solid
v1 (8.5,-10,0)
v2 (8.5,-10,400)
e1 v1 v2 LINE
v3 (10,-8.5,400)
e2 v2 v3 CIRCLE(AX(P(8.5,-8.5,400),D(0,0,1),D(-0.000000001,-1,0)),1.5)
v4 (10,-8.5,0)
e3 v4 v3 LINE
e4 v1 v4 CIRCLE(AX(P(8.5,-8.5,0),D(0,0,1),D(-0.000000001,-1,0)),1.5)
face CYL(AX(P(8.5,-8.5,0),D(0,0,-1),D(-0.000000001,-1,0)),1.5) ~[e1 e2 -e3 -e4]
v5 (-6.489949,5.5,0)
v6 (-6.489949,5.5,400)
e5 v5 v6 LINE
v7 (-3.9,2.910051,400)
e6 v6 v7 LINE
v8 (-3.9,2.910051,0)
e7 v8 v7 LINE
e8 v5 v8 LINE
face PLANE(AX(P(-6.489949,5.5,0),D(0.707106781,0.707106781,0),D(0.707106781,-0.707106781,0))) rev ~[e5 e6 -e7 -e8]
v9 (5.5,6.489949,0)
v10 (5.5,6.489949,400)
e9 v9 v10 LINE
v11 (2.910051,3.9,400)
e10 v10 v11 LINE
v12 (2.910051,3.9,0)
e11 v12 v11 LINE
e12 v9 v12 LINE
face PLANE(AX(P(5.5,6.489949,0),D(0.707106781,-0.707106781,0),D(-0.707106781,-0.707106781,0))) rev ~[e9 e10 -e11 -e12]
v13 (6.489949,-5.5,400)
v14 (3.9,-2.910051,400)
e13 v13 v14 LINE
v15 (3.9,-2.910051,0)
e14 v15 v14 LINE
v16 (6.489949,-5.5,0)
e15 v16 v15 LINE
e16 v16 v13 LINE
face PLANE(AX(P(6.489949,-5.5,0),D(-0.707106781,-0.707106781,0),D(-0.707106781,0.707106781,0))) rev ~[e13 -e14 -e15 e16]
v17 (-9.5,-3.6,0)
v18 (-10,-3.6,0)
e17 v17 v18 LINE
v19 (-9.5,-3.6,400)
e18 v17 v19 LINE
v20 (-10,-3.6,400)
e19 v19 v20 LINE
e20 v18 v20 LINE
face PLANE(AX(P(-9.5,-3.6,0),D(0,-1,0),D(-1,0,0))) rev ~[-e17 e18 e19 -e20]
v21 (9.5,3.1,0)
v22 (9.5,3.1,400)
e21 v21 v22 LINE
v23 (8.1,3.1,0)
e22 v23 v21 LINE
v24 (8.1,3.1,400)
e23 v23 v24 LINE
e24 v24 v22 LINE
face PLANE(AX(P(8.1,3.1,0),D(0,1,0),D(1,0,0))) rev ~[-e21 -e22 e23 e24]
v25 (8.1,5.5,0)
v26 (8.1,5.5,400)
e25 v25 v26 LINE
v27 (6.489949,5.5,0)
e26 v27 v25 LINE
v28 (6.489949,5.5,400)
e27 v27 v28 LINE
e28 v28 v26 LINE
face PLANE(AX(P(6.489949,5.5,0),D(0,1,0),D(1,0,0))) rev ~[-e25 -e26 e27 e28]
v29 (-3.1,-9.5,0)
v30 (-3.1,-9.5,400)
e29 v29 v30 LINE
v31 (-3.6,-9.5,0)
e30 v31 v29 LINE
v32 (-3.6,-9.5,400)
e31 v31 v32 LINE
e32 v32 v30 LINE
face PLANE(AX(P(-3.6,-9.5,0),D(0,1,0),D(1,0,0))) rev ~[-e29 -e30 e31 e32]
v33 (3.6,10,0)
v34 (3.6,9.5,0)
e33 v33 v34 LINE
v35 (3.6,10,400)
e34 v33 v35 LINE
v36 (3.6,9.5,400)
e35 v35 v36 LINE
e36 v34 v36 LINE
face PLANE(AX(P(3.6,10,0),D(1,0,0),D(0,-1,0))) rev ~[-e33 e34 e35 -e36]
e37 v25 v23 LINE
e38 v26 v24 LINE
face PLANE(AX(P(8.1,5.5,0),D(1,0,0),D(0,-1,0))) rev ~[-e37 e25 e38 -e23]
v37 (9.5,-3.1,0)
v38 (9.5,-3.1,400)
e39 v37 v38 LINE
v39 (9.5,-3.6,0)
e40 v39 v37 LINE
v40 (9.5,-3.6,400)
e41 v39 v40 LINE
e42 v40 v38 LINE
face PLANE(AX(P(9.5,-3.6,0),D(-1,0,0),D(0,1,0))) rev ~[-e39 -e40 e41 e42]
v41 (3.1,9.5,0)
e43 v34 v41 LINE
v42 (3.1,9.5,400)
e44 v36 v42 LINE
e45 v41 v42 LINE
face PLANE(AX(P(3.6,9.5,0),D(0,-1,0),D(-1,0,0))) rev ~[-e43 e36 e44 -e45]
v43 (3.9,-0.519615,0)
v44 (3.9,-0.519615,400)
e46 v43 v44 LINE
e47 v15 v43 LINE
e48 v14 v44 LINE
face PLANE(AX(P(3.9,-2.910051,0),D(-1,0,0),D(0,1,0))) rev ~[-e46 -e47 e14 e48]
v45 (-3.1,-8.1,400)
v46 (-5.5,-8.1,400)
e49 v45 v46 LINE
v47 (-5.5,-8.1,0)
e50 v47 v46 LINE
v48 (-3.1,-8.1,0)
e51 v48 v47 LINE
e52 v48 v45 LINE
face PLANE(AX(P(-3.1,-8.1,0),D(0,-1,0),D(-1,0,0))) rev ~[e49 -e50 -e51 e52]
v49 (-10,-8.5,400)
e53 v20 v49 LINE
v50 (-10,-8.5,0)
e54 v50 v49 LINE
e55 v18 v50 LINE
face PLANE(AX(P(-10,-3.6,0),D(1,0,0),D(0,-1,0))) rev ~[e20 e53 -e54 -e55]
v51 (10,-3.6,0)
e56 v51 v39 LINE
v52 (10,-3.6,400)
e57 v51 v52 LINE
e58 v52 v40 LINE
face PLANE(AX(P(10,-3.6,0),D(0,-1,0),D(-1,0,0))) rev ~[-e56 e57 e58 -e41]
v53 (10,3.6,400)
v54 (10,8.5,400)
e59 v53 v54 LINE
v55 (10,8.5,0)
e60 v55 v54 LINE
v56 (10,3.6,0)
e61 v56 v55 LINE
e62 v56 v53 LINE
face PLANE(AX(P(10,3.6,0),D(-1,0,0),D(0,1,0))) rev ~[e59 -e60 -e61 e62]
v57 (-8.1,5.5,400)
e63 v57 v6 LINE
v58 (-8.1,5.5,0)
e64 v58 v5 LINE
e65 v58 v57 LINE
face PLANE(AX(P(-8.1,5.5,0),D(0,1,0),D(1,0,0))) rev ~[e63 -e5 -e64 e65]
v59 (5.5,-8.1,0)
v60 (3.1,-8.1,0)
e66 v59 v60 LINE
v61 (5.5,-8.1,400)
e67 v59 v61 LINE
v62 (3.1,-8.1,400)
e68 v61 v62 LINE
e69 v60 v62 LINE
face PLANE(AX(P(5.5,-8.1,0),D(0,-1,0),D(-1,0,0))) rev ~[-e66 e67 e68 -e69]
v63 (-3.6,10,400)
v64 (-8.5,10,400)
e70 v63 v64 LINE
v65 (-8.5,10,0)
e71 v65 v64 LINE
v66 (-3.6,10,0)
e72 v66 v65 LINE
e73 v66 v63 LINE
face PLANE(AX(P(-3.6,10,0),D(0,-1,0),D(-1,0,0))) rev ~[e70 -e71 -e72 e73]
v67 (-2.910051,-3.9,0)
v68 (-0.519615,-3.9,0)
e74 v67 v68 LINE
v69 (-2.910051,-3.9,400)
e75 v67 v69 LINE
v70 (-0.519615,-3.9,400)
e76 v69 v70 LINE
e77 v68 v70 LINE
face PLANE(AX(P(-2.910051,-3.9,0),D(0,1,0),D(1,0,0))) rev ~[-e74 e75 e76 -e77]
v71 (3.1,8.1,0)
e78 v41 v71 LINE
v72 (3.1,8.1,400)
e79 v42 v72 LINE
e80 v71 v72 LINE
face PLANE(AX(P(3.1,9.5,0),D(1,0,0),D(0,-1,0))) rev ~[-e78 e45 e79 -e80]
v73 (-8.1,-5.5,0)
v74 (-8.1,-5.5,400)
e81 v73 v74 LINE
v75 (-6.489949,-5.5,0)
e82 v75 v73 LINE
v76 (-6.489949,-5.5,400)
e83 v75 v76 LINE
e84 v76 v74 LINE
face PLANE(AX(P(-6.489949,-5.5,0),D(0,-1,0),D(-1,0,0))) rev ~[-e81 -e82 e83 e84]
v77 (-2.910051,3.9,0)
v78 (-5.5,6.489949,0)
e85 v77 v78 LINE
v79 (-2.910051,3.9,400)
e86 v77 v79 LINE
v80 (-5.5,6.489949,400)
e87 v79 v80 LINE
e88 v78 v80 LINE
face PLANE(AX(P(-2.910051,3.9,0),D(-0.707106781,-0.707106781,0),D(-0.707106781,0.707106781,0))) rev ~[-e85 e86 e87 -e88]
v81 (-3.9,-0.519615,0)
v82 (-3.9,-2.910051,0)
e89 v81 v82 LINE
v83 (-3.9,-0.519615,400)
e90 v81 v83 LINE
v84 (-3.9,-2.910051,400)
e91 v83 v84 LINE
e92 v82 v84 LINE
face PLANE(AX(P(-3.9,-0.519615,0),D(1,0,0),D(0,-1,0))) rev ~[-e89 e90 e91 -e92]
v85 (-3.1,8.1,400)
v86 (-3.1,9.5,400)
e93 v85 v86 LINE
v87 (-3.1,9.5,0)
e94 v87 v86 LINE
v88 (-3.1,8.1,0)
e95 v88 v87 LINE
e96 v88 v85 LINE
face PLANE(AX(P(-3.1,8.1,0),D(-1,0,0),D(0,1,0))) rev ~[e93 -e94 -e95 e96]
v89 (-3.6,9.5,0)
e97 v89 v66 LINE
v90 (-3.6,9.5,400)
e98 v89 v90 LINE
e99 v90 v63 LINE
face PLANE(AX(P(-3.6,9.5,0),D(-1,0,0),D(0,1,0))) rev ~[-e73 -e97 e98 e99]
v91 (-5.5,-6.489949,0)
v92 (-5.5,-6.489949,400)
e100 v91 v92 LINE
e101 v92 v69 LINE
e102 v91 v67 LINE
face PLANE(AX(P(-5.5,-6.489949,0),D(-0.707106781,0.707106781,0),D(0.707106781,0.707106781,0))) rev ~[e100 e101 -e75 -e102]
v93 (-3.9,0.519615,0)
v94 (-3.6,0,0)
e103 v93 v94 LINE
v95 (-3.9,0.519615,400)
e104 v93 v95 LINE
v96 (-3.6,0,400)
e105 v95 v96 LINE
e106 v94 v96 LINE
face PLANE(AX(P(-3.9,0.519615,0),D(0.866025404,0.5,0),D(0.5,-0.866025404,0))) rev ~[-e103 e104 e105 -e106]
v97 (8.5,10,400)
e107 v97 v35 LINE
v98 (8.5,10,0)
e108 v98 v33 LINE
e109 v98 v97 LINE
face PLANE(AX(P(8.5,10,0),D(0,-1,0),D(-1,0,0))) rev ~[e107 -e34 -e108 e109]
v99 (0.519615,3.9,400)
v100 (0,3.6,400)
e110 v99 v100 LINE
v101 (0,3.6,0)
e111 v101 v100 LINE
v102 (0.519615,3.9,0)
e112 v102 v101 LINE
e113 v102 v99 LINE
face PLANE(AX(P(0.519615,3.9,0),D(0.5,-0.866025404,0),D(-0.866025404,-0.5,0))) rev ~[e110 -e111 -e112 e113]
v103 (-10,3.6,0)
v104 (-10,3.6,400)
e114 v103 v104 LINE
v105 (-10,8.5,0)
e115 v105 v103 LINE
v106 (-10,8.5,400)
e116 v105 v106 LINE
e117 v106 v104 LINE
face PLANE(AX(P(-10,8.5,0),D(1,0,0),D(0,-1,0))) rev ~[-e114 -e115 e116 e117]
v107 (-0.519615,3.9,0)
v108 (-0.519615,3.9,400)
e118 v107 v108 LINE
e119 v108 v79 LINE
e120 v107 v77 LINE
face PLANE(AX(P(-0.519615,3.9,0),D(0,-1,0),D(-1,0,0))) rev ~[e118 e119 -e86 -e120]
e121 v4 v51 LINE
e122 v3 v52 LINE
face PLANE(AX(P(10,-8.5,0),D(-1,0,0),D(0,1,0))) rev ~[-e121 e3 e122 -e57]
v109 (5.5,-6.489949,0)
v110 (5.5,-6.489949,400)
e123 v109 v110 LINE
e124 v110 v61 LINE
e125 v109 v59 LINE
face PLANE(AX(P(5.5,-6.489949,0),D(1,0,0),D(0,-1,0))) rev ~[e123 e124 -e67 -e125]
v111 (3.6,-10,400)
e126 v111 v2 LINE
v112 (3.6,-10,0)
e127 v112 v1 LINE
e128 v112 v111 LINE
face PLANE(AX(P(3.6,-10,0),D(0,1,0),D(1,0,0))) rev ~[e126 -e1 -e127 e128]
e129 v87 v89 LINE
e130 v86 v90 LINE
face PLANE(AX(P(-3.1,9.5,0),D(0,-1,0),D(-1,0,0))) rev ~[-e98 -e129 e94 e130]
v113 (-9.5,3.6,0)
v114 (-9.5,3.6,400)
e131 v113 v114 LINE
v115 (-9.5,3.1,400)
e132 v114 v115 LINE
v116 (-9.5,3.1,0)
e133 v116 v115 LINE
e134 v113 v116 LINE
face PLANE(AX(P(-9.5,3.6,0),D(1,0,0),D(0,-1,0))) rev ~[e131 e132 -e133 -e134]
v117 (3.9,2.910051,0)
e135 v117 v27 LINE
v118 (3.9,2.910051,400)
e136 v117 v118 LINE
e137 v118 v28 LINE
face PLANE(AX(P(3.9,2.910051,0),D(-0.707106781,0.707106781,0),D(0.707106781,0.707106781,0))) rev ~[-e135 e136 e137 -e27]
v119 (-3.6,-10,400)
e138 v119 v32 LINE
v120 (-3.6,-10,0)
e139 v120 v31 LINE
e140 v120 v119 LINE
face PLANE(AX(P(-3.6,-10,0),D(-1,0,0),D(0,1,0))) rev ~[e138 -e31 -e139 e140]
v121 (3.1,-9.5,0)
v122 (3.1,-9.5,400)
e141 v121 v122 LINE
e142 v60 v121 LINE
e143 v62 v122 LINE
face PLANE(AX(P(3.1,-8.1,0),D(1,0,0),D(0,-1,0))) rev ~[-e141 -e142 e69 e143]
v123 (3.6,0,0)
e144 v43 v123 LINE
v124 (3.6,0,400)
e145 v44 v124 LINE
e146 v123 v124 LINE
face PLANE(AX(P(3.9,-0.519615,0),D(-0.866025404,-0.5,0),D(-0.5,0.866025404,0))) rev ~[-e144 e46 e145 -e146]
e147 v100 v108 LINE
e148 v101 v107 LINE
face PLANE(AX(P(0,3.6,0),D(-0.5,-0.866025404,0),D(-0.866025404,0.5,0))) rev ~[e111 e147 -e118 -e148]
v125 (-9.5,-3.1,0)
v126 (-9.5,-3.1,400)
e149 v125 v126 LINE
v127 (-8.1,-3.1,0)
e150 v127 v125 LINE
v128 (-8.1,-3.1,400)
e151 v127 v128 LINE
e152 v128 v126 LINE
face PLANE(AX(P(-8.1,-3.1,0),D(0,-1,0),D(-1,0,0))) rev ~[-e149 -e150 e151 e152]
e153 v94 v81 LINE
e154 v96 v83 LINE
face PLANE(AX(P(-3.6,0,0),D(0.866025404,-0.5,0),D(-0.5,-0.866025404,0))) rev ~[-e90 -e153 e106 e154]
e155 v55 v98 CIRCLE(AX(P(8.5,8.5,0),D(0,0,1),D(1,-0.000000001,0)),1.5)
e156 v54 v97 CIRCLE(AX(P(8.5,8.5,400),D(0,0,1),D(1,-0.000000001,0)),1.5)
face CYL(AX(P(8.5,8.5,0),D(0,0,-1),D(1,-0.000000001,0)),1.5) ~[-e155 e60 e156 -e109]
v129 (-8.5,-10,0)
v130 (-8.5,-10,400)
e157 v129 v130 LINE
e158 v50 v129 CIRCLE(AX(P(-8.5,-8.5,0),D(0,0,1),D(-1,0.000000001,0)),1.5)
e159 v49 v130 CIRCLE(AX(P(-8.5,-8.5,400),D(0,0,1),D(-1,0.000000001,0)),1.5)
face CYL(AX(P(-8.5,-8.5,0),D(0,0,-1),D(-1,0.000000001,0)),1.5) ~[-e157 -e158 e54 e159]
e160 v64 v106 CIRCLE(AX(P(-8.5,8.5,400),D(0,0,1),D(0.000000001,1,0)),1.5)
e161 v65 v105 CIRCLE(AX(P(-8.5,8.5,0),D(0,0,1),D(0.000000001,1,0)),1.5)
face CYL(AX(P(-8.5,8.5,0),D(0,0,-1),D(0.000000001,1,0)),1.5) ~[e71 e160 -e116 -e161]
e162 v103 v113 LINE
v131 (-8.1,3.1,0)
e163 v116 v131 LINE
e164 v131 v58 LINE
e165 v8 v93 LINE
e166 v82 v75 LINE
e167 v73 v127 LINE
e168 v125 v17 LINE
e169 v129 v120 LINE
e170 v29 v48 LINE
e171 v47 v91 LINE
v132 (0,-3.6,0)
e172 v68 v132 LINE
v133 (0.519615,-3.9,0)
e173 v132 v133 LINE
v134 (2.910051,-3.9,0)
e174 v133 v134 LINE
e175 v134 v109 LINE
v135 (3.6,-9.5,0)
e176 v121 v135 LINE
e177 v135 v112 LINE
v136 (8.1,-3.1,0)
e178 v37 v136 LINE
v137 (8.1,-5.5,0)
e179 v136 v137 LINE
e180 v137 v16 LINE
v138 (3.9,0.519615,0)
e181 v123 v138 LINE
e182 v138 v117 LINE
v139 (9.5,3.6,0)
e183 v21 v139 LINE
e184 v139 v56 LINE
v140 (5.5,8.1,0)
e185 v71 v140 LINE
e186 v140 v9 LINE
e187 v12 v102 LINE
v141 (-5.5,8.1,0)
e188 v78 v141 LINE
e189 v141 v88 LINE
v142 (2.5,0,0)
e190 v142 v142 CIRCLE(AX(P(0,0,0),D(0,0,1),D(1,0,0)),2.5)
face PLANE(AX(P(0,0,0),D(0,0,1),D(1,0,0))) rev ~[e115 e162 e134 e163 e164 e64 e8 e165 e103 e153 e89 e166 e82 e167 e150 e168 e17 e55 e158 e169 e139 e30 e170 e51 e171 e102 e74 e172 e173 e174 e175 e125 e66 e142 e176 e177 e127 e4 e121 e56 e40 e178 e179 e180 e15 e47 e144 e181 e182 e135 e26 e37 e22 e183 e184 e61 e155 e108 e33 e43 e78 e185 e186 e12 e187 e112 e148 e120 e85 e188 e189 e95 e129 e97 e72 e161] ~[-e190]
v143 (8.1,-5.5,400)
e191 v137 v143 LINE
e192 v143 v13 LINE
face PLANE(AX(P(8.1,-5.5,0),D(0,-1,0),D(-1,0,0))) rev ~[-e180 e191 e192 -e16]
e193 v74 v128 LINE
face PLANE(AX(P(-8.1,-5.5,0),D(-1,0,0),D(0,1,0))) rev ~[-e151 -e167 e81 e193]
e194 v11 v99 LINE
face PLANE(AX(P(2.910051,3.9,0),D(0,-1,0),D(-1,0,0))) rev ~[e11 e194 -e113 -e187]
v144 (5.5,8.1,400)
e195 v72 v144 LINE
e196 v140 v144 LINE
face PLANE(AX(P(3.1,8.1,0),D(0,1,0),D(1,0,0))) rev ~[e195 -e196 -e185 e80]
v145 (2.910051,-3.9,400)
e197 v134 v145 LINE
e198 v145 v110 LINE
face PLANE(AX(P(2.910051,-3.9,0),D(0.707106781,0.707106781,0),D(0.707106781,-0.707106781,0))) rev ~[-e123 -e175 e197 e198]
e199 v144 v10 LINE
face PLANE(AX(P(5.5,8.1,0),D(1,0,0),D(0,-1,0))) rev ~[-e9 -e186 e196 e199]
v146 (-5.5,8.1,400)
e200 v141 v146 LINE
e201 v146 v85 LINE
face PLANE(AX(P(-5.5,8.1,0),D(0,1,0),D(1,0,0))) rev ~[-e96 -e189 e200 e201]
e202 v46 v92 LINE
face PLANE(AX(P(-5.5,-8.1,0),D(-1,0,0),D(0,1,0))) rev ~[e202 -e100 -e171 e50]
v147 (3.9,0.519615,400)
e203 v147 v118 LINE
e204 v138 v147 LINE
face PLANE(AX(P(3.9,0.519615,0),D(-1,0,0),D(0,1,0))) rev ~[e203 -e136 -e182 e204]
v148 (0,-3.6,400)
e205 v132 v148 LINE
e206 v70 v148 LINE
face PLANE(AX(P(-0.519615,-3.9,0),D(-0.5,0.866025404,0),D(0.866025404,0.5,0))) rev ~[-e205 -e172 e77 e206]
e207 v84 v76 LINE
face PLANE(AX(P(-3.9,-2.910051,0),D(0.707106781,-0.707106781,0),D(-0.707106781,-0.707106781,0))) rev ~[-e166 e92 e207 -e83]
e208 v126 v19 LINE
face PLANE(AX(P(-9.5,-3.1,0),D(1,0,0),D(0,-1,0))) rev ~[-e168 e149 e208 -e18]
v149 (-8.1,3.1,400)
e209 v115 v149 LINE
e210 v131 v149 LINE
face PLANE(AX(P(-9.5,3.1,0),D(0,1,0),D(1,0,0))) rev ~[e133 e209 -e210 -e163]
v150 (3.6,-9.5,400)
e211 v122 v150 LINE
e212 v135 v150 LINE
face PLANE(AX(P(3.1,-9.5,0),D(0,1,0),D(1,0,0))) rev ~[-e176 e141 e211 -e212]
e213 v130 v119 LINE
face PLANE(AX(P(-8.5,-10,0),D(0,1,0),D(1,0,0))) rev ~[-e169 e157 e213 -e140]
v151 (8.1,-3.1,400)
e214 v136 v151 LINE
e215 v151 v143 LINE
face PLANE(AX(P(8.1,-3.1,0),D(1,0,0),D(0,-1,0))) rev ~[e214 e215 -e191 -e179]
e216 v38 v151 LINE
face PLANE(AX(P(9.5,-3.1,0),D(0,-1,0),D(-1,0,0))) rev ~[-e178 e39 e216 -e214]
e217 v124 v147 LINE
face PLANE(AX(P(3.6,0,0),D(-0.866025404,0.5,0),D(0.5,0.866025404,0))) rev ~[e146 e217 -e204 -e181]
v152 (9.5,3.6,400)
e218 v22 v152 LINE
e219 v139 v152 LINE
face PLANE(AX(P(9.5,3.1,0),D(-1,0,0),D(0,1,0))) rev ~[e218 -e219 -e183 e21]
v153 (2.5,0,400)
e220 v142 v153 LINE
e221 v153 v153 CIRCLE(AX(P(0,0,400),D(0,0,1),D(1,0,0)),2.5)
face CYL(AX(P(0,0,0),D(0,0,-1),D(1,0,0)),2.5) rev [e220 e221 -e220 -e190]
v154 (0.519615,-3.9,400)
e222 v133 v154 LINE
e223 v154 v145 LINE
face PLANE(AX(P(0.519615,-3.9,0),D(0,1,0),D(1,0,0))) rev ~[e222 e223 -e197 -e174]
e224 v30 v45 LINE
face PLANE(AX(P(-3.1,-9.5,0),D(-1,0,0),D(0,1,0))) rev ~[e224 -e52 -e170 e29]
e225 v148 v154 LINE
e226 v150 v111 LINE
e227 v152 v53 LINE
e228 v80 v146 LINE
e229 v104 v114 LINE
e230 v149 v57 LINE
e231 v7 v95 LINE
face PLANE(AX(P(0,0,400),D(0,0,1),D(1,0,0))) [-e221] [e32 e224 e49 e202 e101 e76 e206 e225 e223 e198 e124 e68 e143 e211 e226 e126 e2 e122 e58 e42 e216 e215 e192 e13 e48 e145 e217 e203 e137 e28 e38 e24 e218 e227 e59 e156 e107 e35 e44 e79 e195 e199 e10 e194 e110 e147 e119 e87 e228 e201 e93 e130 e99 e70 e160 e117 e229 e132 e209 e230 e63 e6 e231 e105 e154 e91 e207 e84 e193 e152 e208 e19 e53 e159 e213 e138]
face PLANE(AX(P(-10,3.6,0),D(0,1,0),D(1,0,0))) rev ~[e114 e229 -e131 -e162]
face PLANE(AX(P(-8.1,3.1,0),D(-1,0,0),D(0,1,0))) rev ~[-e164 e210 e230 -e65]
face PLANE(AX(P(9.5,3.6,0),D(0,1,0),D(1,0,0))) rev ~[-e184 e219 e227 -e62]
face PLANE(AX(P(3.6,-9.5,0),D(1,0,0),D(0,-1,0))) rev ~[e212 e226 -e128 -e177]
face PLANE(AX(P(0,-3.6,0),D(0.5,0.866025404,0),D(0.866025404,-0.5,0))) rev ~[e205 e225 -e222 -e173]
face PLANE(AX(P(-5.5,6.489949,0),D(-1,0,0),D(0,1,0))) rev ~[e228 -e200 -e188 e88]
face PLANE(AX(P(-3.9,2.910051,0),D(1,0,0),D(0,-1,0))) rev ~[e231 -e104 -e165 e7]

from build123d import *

# Parameters (mm, degrees)
SKETCH_28_R     = 2.5
EXTRUDE_1_DEPTH = 400


with BuildPart() as part:
    # 草图28 → 凸台-拉伸1 (new body)
    with BuildSketch(Plane.XY):
        with BuildLine():
            Line((-3.9, -0.519615242), (-3.9, -2.910050506))
            Line((-3.9, -2.910050506), (-6.489949494, -5.5))
            Line((-6.489949494, -5.5), (-8.1, -5.5))
            Line((-8.1, -5.5), (-8.1, -3.1))
            Line((-8.1, -3.1), (-9.5, -3.1))
            Line((-9.5, -3.1), (-9.5, -3.6))
            Line((-9.5, -3.6), (-10, -3.6))
            Line((-10, -3.6), (-10, -8.5))
            ThreePointArc((-10, -8.5), (-9.560660172, -9.560660172), (-8.5, -10))
            Line((-8.5, -10), (-3.6, -10))
            Line((-3.6, -10), (-3.6, -9.5))
            Line((-3.6, -9.5), (-3.1, -9.5))
            Line((-3.1, -9.5), (-3.1, -8.1))
            Line((-3.1, -8.1), (-5.5, -8.1))
            Line((-5.5, -8.1), (-5.5, -6.489949494))
            Line((-5.5, -6.489949494), (-2.910050506, -3.9))
            Line((-2.910050506, -3.9), (-0.519615242, -3.9))
            Line((-0.519615242, -3.9), (0, -3.6))
            Line((0, -3.6), (0.519615242, -3.9))
            Line((0.519615242, -3.9), (2.910050506, -3.9))
            Line((2.910050506, -3.9), (5.5, -6.489949494))
            Line((5.5, -6.489949494), (5.5, -8.1))
            Line((5.5, -8.1), (3.1, -8.1))
            Line((3.1, -8.1), (3.1, -9.5))
            Line((3.1, -9.5), (3.6, -9.5))
            Line((3.6, -9.5), (3.6, -10))
            Line((3.6, -10), (8.5, -10))
            ThreePointArc((8.5, -10), (9.560660172, -9.560660172), (10, -8.5))
            Line((10, -8.5), (10, -3.6))
            Line((10, -3.6), (9.5, -3.6))
            Line((9.5, -3.6), (9.5, -3.1))
            Line((9.5, -3.1), (8.1, -3.1))
            Line((8.1, -3.1), (8.1, -5.5))
            Line((8.1, -5.5), (6.489949494, -5.5))
            Line((6.489949494, -5.5), (3.9, -2.910050506))
            Line((3.9, -2.910050506), (3.9, -0.519615242))
            Line((3.9, -0.519615242), (3.6, 0))
            Line((3.6, 0), (3.9, 0.519615242))
            Line((3.9, 0.519615242), (3.9, 2.910050506))
            Line((3.9, 2.910050506), (6.489949494, 5.5))
            Line((6.489949494, 5.5), (8.1, 5.5))
            Line((8.1, 5.5), (8.1, 3.1))
            Line((8.1, 3.1), (9.5, 3.1))
            Line((9.5, 3.1), (9.5, 3.6))
            Line((9.5, 3.6), (10, 3.6))
            Line((10, 3.6), (10, 8.5))
            ThreePointArc((10, 8.5), (9.560660172, 9.560660172), (8.5, 10))
            Line((8.5, 10), (3.6, 10))
            Line((3.6, 10), (3.6, 9.5))
            Line((3.6, 9.5), (3.1, 9.5))
            Line((3.1, 9.5), (3.1, 8.1))
            Line((3.1, 8.1), (5.5, 8.1))
            Line((5.5, 8.1), (5.5, 6.489949494))
            Line((5.5, 6.489949494), (2.910050506, 3.9))
            Line((2.910050506, 3.9), (0.519615242, 3.9))
            Line((0.519615242, 3.9), (0, 3.6))
            Line((0, 3.6), (-0.519615242, 3.9))
            Line((-0.519615242, 3.9), (-2.910050506, 3.9))
            Line((-2.910050506, 3.9), (-5.5, 6.489949494))
            Line((-5.5, 6.489949494), (-5.5, 8.1))
            Line((-5.5, 8.1), (-3.1, 8.1))
            Line((-3.1, 8.1), (-3.1, 9.5))
            Line((-3.1, 9.5), (-3.6, 9.5))
            Line((-3.6, 9.5), (-3.6, 10))
            Line((-3.6, 10), (-8.5, 10))
            ThreePointArc((-8.5, 10), (-9.560660172, 9.560660172), (-10, 8.5))
            Line((-10, 8.5), (-10, 3.6))
            Line((-10, 3.6), (-9.5, 3.6))
            Line((-9.5, 3.6), (-9.5, 3.1))
            Line((-9.5, 3.1), (-8.1, 3.1))
            Line((-8.1, 3.1), (-8.1, 5.5))
            Line((-8.1, 5.5), (-6.489949494, 5.5))
            Line((-6.489949494, 5.5), (-3.9, 2.910050506))
            Line((-3.9, 2.910050506), (-3.9, 0.519615242))
            Line((-3.9, 0.519615242), (-3.6, 0))
            Line((-3.6, 0), (-3.9, -0.519615242))
        make_face()
        Circle(SKETCH_28_R, mode=Mode.SUBTRACT)
    extrude(amount=EXTRUDE_1_DEPTH)


solid = part.part
